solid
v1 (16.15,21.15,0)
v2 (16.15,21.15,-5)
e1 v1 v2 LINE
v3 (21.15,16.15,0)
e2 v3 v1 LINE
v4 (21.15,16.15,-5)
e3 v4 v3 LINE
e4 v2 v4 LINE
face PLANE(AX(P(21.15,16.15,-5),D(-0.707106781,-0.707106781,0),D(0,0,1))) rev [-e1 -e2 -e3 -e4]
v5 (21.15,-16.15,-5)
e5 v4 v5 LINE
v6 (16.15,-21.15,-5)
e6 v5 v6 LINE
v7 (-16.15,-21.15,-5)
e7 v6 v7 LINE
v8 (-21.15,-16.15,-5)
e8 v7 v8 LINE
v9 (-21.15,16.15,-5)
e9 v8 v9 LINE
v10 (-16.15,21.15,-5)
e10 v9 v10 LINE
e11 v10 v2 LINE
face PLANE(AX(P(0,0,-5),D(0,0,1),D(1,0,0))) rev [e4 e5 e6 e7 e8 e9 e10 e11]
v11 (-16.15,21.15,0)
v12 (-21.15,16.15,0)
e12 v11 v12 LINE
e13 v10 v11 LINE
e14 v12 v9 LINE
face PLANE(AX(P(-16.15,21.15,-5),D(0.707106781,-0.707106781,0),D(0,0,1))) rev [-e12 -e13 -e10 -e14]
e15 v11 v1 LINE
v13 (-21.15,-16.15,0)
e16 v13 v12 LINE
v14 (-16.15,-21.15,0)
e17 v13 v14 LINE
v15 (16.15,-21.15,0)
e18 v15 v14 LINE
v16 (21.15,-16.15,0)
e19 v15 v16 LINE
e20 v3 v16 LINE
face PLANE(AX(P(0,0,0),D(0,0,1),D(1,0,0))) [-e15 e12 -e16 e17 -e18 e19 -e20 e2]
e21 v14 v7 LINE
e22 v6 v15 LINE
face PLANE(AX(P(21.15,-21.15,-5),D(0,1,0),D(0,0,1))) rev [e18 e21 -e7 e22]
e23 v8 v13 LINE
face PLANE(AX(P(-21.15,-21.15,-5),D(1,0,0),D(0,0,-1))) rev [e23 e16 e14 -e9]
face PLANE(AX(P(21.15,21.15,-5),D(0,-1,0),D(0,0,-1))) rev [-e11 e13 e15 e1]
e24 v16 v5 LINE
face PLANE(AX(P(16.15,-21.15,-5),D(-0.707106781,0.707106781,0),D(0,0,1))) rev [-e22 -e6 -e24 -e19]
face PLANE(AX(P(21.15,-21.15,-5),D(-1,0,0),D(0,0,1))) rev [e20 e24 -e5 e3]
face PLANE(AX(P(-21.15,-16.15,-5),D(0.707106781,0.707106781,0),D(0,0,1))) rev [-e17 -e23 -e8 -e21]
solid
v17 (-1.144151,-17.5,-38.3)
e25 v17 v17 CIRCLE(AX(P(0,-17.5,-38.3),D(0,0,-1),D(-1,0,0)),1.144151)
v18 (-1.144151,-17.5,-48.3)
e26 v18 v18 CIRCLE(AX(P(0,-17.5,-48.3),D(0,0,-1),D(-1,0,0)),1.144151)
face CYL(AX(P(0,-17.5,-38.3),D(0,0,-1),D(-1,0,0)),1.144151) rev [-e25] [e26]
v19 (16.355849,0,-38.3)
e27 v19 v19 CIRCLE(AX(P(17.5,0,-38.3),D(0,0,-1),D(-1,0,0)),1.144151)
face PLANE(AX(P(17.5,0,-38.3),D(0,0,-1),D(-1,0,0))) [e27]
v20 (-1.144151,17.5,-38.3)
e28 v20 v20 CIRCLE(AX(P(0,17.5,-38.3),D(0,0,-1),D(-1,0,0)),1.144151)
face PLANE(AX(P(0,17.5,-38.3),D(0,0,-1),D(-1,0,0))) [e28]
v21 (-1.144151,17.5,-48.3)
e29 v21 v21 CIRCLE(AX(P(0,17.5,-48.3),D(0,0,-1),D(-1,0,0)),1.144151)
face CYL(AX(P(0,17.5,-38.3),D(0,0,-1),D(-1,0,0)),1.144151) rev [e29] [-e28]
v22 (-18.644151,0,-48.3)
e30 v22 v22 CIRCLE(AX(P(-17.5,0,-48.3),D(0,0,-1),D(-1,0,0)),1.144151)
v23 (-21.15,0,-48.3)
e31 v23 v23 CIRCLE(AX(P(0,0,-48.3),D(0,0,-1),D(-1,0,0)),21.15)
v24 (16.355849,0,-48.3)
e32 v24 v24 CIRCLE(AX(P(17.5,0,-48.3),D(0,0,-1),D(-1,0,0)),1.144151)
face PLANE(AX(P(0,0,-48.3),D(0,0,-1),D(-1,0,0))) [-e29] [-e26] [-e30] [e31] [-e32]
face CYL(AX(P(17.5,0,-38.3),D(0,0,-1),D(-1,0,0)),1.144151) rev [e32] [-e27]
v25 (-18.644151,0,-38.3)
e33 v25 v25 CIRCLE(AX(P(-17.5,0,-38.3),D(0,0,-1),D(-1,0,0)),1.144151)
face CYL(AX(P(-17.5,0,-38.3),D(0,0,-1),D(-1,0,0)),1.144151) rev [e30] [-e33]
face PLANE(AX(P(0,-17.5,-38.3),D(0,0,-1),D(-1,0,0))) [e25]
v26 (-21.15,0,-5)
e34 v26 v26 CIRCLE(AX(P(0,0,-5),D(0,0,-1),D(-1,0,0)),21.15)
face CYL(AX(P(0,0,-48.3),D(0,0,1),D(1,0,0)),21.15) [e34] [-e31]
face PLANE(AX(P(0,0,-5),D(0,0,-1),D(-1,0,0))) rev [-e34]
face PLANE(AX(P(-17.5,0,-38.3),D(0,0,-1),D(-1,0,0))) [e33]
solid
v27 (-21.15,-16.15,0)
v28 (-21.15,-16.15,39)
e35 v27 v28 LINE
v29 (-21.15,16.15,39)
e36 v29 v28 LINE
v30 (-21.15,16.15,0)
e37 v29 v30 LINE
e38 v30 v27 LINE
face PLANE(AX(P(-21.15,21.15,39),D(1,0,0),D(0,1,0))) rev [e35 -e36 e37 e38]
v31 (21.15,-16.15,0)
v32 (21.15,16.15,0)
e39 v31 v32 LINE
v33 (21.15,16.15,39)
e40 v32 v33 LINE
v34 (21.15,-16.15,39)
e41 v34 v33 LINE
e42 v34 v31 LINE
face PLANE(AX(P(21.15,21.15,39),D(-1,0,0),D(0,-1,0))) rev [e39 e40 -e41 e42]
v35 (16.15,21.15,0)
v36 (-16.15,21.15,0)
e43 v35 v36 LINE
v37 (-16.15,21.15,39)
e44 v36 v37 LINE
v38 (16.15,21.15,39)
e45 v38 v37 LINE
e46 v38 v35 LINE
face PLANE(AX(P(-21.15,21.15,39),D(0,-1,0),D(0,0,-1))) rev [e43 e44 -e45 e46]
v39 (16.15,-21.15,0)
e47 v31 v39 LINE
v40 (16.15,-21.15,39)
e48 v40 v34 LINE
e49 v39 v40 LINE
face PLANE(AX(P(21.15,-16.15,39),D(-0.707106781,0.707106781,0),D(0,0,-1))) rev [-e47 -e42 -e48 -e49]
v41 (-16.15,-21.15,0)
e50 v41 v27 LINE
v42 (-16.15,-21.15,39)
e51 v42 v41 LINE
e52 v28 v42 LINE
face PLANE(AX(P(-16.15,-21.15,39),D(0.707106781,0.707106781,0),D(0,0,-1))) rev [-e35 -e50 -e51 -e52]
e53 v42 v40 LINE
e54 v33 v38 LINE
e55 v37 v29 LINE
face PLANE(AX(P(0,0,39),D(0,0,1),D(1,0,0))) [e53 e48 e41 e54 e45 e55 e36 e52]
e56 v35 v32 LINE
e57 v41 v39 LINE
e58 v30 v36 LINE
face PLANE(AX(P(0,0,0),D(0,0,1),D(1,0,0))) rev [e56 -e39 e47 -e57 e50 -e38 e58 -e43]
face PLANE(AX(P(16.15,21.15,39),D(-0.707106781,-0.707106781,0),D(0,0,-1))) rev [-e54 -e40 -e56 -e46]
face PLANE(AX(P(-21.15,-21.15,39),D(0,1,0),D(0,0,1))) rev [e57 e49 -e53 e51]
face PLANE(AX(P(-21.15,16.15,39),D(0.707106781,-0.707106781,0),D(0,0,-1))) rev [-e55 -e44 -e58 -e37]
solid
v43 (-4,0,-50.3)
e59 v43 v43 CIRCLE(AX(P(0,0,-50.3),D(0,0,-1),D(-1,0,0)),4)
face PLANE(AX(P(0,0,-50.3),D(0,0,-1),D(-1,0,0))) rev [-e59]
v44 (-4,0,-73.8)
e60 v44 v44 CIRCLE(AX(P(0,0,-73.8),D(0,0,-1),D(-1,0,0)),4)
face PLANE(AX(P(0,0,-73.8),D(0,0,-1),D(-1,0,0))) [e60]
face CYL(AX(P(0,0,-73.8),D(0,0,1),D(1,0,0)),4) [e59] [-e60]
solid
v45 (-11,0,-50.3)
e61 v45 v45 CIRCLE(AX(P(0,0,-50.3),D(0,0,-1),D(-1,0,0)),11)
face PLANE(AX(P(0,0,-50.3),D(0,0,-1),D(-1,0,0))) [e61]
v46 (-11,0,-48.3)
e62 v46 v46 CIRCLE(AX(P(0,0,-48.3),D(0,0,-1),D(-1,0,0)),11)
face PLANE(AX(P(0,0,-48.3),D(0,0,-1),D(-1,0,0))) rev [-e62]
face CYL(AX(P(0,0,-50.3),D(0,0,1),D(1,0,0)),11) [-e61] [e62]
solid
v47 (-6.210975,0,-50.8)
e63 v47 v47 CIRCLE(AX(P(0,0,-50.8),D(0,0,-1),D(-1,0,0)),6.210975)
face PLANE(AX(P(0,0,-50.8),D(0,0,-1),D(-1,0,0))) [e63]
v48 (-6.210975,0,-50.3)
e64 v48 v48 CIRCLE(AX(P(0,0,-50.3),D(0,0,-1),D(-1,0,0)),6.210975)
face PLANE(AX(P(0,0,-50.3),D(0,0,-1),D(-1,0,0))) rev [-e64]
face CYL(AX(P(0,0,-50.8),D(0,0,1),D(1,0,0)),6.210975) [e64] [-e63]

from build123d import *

# Parameters (mm, degrees)
SKETCH1_W           = 42.3
SKETCH1_H           = 42.3
BOSS_EXTRUDE1_DEPTH = 39
CHAMFER1_SIZE       = 5
SKETCH2_W           = 42.3
SKETCH2_H           = 42.3
BOSS_EXTRUDE2_DEPTH = 5
CHAMFER2_SIZE       = 5
SKETCH3_R           = 21.15
BOSS_EXTRUDE3_DEPTH = 43.3
SKETCH4_R           = 11
BOSS_EXTRUDE4_DEPTH = 2
SKETCH5_R           = 4
BOSS_EXTRUDE5_DEPTH = 23.5
SKETCH6_R           = 6.210975092
BOSS_EXTRUDE6_DEPTH = 0.5
SKETCH7_R           = 1.144150663
CUT_EXTRUDE1_DEPTH  = 10


with BuildPart() as part:
    # Sketch1 → Boss-Extrude1 (new body)
    with BuildSketch(Plane.XY):
        Rectangle(SKETCH1_W, SKETCH1_H)
    extrude(amount=BOSS_EXTRUDE1_DEPTH)

    # Chamfer1
    chamfer1_edges = [part.edges().sort_by_distance(p)[0] for p in [
        (21.15, -21.15, 19.5),
        (-21.15, -21.15, 19.5),
        (-21.15, 21.15, 19.5),
        (21.15, 21.15, 19.5),
    ]]
    chamfer(chamfer1_edges, length=CHAMFER1_SIZE)


with BuildPart() as body_2:
    # Sketch2 → Boss-Extrude2 (new body)
    with BuildSketch(Plane(origin=(0, 0, 0), x_dir=(-1, 0, 0), z_dir=(0, 0, -1))):
        Rectangle(SKETCH2_W, SKETCH2_H)
    extrude(amount=BOSS_EXTRUDE2_DEPTH)

    # Chamfer2
    chamfer2_edges = [body_2.edges().sort_by_distance(p)[0] for p in [
        (-21.15, -21.15, -2.5),
        (21.15, -21.15, -2.5),
        (21.15, 21.15, -2.5),
        (-21.15, 21.15, -2.5),
    ]]
    chamfer(chamfer2_edges, length=CHAMFER2_SIZE)


with BuildPart() as body_3:
    # Sketch3 → Boss-Extrude3 (new body)
    with BuildSketch(Plane(origin=(0, 0, -5), x_dir=(-1, 0, 0), z_dir=(0, 0, -1))):
        Circle(SKETCH3_R)
    extrude(amount=BOSS_EXTRUDE3_DEPTH)

    # Sketch7 → Cut-Extrude1 (cut)
    with BuildSketch(Plane(origin=(0, 0, -48.3), x_dir=(-1, 0, 0), z_dir=(0, 0, -1))):
        with Locations((0, 17.5)):
            Circle(SKETCH7_R)
        with Locations((17.5, 0)):
            Circle(SKETCH7_R)
        with Locations((0, -17.5)):
            Circle(SKETCH7_R)
        with Locations((-17.5, 0)):
            Circle(SKETCH7_R)
    extrude(amount=-CUT_EXTRUDE1_DEPTH, mode=Mode.SUBTRACT)


with BuildPart() as body_4:
    # Sketch4 → Boss-Extrude4 (new body)
    with BuildSketch(Plane(origin=(0, 0, -48.3), x_dir=(-1, 0, 0), z_dir=(0, 0, -1))):
        Circle(SKETCH4_R)
    extrude(amount=BOSS_EXTRUDE4_DEPTH)


with BuildPart() as body_5:
    # Sketch5 → Boss-Extrude5 (new body)
    with BuildSketch(Plane(origin=(0, 0, -50.3), x_dir=(-1, 0, 0), z_dir=(0, 0, -1))):
        Circle(SKETCH5_R)
    extrude(amount=BOSS_EXTRUDE5_DEPTH)


with BuildPart() as body_6:
    # Sketch6 → Boss-Extrude6 (new body)
    with BuildSketch(Plane(origin=(0, 0, -50.3), x_dir=(-1, 0, 0), z_dir=(0, 0, -1))):
        Circle(SKETCH6_R)
    extrude(amount=BOSS_EXTRUDE6_DEPTH)


solid = Compound([part.part, body_2.part, body_3.part, body_4.part, body_5.part, body_6.part])
